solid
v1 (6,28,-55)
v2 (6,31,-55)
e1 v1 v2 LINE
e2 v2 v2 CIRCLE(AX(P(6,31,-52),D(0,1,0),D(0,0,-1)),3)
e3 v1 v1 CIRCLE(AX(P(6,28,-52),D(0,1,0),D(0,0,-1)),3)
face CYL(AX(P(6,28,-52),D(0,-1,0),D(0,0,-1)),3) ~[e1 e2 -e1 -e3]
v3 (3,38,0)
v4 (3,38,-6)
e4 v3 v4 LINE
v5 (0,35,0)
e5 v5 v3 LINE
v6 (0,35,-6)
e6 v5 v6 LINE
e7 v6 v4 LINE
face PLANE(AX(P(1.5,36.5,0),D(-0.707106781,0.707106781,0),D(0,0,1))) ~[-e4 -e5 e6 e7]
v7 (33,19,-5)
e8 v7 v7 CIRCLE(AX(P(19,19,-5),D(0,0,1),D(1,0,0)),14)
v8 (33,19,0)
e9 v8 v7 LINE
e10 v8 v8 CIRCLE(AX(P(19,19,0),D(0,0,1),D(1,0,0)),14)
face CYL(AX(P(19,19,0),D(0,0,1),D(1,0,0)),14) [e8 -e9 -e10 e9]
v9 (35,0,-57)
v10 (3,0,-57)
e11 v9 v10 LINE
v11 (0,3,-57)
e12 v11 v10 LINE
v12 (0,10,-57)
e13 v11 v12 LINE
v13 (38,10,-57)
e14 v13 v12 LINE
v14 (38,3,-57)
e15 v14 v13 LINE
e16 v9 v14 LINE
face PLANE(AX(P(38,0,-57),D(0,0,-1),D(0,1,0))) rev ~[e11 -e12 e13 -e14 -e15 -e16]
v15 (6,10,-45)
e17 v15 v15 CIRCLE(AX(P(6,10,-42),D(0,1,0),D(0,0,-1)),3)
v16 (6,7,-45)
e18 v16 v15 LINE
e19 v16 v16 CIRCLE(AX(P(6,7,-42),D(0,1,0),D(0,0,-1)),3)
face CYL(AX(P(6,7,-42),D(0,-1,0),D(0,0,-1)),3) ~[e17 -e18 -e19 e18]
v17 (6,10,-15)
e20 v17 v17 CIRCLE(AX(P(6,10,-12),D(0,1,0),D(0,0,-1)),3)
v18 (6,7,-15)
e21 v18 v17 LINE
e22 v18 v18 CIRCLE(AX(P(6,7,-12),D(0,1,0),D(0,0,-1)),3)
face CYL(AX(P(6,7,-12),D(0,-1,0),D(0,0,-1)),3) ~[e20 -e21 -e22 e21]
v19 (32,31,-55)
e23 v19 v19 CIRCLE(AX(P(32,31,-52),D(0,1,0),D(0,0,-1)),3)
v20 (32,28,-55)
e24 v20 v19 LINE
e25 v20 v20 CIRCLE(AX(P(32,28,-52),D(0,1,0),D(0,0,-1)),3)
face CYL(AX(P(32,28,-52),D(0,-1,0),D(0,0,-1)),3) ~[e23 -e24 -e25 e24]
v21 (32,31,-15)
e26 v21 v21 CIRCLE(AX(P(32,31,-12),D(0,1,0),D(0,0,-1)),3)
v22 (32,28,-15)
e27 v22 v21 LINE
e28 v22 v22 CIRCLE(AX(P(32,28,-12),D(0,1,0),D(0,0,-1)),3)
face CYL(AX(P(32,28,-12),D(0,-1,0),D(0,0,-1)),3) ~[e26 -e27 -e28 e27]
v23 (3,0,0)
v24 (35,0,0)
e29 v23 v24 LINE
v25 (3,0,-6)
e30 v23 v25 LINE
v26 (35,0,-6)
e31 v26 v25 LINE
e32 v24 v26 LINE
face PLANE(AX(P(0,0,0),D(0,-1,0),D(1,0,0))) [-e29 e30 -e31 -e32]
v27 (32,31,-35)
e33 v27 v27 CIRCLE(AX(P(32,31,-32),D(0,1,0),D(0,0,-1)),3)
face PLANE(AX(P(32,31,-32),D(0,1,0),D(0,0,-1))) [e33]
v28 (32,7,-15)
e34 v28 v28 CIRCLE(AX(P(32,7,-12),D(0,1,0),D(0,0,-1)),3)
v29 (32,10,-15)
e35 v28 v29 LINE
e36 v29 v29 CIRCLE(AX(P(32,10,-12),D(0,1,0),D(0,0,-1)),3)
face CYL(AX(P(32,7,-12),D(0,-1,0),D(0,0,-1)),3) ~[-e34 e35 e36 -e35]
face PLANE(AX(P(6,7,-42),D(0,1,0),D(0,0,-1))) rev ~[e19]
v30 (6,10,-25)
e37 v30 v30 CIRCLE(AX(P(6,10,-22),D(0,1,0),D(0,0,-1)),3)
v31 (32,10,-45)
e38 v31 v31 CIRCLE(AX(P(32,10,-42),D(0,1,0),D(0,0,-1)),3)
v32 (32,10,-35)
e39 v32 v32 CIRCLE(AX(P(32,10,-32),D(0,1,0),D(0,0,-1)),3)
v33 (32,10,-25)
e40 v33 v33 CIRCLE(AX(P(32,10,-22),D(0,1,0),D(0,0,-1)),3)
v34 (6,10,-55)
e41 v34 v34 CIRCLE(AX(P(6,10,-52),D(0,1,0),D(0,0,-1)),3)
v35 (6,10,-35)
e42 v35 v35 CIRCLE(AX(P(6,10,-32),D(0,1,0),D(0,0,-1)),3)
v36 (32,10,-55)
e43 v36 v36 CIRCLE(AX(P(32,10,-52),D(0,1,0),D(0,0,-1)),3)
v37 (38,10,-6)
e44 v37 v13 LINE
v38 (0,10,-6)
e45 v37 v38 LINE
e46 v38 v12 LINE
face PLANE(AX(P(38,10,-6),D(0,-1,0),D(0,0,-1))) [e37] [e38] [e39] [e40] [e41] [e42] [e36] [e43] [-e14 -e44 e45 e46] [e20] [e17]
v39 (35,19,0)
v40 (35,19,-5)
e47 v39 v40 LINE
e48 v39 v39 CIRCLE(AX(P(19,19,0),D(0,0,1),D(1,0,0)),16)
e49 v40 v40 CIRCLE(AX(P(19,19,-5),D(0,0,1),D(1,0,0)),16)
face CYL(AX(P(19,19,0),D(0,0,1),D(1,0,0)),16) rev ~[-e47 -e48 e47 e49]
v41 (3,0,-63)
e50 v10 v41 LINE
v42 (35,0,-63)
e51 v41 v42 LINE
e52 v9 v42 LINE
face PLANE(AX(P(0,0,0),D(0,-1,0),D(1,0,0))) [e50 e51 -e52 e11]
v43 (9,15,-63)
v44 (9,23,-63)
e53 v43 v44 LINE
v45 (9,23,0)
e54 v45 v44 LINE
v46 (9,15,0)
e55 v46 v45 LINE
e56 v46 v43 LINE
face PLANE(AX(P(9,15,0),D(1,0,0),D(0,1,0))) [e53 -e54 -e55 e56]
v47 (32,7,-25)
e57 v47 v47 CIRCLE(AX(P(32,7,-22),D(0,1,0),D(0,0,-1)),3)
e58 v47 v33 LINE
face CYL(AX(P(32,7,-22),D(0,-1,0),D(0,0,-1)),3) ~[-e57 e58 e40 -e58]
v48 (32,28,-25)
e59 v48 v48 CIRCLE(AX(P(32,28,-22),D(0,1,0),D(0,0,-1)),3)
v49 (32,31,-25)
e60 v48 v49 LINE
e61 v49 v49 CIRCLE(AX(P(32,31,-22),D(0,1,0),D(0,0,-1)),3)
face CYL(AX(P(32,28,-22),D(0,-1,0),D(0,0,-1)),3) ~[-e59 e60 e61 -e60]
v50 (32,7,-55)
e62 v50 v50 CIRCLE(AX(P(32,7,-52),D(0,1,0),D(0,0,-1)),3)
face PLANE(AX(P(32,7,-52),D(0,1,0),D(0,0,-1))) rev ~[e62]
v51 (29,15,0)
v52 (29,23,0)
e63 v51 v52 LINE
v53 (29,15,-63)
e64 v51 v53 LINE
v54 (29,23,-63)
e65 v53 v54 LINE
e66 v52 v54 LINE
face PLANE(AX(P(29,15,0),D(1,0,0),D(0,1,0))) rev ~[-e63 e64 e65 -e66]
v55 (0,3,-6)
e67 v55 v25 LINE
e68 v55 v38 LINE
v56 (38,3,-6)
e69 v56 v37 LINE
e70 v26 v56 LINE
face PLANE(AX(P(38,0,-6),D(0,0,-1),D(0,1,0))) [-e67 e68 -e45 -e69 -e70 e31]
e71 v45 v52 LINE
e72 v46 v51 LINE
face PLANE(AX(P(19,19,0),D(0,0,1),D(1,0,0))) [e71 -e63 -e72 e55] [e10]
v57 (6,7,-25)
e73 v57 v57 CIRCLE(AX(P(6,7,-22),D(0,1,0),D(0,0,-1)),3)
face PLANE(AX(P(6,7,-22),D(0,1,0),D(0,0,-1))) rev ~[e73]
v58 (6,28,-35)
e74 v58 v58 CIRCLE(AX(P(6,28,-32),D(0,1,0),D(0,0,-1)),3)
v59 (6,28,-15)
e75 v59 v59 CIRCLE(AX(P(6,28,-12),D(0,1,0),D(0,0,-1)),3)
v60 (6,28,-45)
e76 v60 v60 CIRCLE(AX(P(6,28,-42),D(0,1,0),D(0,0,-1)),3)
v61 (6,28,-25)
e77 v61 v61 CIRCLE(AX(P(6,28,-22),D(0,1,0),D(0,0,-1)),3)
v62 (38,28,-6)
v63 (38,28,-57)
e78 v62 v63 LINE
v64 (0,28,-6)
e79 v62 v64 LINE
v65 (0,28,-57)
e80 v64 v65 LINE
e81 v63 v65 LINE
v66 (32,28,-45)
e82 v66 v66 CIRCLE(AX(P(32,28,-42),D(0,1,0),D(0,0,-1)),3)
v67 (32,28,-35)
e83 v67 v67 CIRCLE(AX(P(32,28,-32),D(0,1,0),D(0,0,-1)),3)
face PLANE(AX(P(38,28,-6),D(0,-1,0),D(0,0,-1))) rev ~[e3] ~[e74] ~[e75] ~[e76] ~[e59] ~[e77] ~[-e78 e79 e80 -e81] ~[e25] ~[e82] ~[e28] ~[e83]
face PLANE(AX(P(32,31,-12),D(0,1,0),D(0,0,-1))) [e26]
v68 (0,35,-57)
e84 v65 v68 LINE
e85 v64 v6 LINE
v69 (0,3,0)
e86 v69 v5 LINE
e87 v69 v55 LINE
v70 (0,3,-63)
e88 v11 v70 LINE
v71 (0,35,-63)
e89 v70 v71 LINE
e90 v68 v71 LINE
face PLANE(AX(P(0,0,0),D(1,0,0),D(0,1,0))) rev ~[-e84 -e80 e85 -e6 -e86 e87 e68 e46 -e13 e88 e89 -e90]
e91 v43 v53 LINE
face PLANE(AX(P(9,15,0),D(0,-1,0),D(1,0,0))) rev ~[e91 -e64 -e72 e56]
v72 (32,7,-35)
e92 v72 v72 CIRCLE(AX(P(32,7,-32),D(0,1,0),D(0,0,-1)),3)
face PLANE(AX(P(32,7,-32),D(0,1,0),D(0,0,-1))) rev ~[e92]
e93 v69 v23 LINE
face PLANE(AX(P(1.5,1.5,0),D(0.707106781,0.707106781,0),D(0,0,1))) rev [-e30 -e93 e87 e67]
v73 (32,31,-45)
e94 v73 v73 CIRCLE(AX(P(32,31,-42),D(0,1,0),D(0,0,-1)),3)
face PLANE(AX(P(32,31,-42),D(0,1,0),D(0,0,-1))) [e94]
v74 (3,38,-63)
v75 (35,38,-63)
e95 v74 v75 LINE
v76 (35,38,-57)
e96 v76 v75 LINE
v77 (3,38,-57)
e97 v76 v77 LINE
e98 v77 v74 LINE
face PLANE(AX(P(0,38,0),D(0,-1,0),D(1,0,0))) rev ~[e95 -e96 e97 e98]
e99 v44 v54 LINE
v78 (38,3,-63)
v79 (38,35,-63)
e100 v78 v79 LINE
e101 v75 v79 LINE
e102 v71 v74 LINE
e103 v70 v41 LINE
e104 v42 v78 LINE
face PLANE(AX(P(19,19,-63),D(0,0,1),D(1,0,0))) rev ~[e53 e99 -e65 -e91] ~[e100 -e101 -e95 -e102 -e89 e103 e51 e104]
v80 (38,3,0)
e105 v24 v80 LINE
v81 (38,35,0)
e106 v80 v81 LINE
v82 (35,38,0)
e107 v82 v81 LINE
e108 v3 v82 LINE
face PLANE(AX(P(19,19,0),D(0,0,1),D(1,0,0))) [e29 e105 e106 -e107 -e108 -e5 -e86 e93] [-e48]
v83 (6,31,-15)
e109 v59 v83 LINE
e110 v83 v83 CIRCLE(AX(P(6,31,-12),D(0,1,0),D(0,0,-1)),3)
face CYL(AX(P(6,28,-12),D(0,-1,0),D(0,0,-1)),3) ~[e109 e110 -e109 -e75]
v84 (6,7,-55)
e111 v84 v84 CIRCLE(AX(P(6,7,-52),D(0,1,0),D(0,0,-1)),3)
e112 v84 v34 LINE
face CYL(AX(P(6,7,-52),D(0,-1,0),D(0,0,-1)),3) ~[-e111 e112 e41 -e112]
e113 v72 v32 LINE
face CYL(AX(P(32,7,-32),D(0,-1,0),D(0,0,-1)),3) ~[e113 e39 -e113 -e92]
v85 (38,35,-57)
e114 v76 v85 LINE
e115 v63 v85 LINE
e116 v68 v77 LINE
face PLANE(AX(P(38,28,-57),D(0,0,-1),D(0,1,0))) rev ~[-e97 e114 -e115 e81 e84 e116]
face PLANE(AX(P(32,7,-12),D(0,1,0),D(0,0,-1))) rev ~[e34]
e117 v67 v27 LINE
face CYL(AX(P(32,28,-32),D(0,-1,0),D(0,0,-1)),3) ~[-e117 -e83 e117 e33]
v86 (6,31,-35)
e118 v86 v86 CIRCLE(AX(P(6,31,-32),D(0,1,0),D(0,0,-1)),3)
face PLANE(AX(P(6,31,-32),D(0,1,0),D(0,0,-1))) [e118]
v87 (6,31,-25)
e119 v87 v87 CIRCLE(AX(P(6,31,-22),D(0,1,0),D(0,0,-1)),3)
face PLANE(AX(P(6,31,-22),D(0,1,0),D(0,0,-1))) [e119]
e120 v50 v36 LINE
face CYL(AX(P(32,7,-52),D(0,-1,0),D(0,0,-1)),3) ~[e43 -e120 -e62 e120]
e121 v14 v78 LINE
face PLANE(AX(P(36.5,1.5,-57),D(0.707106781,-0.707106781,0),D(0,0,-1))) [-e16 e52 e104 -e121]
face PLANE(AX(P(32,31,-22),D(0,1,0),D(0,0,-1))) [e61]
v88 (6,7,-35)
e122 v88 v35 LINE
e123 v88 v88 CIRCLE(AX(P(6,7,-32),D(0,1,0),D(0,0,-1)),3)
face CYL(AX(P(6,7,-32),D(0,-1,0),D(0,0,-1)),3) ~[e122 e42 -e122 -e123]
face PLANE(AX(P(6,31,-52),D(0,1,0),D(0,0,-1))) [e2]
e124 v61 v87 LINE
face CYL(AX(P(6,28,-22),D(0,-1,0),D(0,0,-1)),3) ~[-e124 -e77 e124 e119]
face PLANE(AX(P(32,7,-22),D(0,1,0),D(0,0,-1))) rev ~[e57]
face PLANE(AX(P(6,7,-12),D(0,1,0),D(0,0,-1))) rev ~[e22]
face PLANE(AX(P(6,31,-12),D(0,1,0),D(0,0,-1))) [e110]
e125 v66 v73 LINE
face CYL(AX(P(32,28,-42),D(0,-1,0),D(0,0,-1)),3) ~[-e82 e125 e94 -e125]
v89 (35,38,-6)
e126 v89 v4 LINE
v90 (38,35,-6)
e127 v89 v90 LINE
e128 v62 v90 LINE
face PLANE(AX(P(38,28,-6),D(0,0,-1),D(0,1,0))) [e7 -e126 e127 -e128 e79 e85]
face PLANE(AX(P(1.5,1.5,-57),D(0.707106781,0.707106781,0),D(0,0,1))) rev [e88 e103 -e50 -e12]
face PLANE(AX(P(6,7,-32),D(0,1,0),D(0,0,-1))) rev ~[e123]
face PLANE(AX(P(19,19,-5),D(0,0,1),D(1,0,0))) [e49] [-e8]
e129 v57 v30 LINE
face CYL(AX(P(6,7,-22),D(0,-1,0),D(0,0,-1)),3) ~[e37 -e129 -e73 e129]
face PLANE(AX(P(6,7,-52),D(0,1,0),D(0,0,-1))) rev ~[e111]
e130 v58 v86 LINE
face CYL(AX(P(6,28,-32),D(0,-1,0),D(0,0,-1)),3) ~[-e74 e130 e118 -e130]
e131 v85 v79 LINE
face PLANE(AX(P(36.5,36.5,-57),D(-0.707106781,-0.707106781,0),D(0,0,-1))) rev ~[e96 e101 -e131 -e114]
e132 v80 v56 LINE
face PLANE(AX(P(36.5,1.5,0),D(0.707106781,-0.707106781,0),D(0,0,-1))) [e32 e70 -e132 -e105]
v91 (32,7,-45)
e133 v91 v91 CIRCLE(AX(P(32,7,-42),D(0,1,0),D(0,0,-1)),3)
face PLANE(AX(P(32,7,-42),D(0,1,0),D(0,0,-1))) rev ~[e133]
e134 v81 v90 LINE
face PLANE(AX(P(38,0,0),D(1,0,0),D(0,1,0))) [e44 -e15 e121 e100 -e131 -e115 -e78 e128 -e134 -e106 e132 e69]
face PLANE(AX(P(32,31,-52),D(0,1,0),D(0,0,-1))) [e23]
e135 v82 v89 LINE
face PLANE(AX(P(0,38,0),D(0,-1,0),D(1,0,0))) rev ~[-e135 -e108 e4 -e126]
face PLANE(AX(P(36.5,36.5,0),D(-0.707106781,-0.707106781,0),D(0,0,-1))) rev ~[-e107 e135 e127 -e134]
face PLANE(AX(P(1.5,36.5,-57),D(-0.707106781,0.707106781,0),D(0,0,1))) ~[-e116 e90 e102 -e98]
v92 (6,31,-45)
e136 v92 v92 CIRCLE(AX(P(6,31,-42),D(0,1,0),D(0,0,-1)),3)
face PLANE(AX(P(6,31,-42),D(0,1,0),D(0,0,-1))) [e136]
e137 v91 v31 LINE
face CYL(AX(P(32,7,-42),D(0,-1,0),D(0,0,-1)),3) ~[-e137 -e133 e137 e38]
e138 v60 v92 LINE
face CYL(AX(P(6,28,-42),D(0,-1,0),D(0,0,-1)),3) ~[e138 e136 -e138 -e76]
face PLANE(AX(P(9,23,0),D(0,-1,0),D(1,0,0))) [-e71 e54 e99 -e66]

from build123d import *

# Parameters (mm, degrees)
SKETCH2_W           = 38
SKETCH2_H           = 38
BOSS_EXTRUDE1_DEPTH = 63
SKETCH3_W           = 51
SKETCH3_H           = 10
CUT_EXTRUDE1_DEPTH  = 83.807004535
SKETCH4_W           = 20
SKETCH4_H           = 8
CUT_EXTRUDE2_DEPTH  = 83.807004535
SKETCH5_R           = 16
SKETCH5_R_2         = 14
CUT_EXTRUDE3_DEPTH  = 5
SKETCH6_R           = 3
BOSS_EXTRUDE2_DEPTH = 3
BOSS_EXTRUDE3_START = -21
SKETCH6_2_R         = 3
BOSS_EXTRUDE3_DEPTH = 3
CHAMFER1_SIZE       = 3


with BuildPart() as part:
    # Sketch2 → Boss-Extrude1 (new body)
    with BuildSketch(Plane.XY):
        with Locations((19, 19)):
            Rectangle(SKETCH2_W, SKETCH2_H)
    extrude(amount=-BOSS_EXTRUDE1_DEPTH)

    # Sketch3 → Cut-Extrude1 (cut, through all)
    with BuildSketch(Plane(origin=(38, 0, 0), x_dir=(0, 0, -1), z_dir=(1, 0, 0))):
        with Locations((31.5, 33)):
            Rectangle(SKETCH3_W, SKETCH3_H)
        with Locations((31.5, 5)):
            Rectangle(SKETCH3_W, SKETCH3_H)
    extrude(amount=-CUT_EXTRUDE1_DEPTH, mode=Mode.SUBTRACT)

    # Sketch4 → Cut-Extrude2 (cut, through all)
    with BuildSketch(Plane.XY):
        with Locations((19, 19)):
            Rectangle(SKETCH4_W, SKETCH4_H)
    extrude(amount=-CUT_EXTRUDE2_DEPTH, mode=Mode.SUBTRACT)

    # Sketch5 → Cut-Extrude3 (cut)
    with BuildSketch(Plane.XY):
        with Locations((19, 19)):
            Circle(SKETCH5_R)
        with Locations((19, 19)):
            Circle(SKETCH5_R_2, mode=Mode.SUBTRACT)
    extrude(amount=-CUT_EXTRUDE3_DEPTH, mode=Mode.SUBTRACT)

    # Sketch6 → Boss-Extrude2 (add)
    with BuildSketch(Plane(origin=(0, 28, 0), x_dir=(1, 0, 0), z_dir=(0, 1, 0))):
        with Locations(Location((32, 12, 0), (0, 0, 90))):
            Circle(SKETCH6_R)
        with Locations(Location((32, 22, 0), (0, 0, 90))):
            Circle(SKETCH6_R)
        with Locations(Location((32, 32, 0), (0, 0, 90))):
            Circle(SKETCH6_R)
        with Locations(Location((32, 42, 0), (0, 0, 90))):
            Circle(SKETCH6_R)
        with Locations(Location((32, 52, 0), (0, 0, 90))):
            Circle(SKETCH6_R)
        with Locations(Location((6, 12, 0), (0, 0, 90))):
            Circle(SKETCH6_R)
        with Locations(Location((6, 22, 0), (0, 0, 90))):
            Circle(SKETCH6_R)
        with Locations(Location((6, 32, 0), (0, 0, 90))):
            Circle(SKETCH6_R)
        with Locations(Location((6, 42, 0), (0, 0, 90))):
            Circle(SKETCH6_R)
        with Locations(Location((6, 52, 0), (0, 0, 90))):
            Circle(SKETCH6_R)
    extrude(amount=BOSS_EXTRUDE2_DEPTH)

    # Sketch6<2> → Boss-Extrude3 (add)
    with BuildSketch(Plane(origin=(0, 28, 0), x_dir=(1, 0, 0), z_dir=(0, 1, 0)).offset(BOSS_EXTRUDE3_START)):
        with Locations(Location((32, 12, 0), (0, 0, 90))):
            Circle(SKETCH6_2_R)
        with Locations(Location((32, 22, 0), (0, 0, 90))):
            Circle(SKETCH6_2_R)
        with Locations(Location((32, 32, 0), (0, 0, 90))):
            Circle(SKETCH6_2_R)
        with Locations(Location((32, 42, 0), (0, 0, 90))):
            Circle(SKETCH6_2_R)
        with Locations(Location((32, 52, 0), (0, 0, 90))):
            Circle(SKETCH6_2_R)
        with Locations(Location((6, 12, 0), (0, 0, 90))):
            Circle(SKETCH6_2_R)
        with Locations(Location((6, 22, 0), (0, 0, 90))):
            Circle(SKETCH6_2_R)
        with Locations(Location((6, 32, 0), (0, 0, 90))):
            Circle(SKETCH6_2_R)
        with Locations(Location((6, 42, 0), (0, 0, 90))):
            Circle(SKETCH6_2_R)
        with Locations(Location((6, 52, 0), (0, 0, 90))):
            Circle(SKETCH6_2_R)
    extrude(amount=BOSS_EXTRUDE3_DEPTH)

    # Chamfer1
    chamfer1_edges = [part.edges().sort_by_distance(p)[0] for p in [
        (0, 0, -3),
        (38, 0, -3),
        (38, 38, -3),
        (0, 38, -3),
        (0, 38, -60),
        (38, 38, -60),
        (38, 0, -60),
        (0, 0, -60),
    ]]
    chamfer(chamfer1_edges, length=CHAMFER1_SIZE)


solid = part.part
